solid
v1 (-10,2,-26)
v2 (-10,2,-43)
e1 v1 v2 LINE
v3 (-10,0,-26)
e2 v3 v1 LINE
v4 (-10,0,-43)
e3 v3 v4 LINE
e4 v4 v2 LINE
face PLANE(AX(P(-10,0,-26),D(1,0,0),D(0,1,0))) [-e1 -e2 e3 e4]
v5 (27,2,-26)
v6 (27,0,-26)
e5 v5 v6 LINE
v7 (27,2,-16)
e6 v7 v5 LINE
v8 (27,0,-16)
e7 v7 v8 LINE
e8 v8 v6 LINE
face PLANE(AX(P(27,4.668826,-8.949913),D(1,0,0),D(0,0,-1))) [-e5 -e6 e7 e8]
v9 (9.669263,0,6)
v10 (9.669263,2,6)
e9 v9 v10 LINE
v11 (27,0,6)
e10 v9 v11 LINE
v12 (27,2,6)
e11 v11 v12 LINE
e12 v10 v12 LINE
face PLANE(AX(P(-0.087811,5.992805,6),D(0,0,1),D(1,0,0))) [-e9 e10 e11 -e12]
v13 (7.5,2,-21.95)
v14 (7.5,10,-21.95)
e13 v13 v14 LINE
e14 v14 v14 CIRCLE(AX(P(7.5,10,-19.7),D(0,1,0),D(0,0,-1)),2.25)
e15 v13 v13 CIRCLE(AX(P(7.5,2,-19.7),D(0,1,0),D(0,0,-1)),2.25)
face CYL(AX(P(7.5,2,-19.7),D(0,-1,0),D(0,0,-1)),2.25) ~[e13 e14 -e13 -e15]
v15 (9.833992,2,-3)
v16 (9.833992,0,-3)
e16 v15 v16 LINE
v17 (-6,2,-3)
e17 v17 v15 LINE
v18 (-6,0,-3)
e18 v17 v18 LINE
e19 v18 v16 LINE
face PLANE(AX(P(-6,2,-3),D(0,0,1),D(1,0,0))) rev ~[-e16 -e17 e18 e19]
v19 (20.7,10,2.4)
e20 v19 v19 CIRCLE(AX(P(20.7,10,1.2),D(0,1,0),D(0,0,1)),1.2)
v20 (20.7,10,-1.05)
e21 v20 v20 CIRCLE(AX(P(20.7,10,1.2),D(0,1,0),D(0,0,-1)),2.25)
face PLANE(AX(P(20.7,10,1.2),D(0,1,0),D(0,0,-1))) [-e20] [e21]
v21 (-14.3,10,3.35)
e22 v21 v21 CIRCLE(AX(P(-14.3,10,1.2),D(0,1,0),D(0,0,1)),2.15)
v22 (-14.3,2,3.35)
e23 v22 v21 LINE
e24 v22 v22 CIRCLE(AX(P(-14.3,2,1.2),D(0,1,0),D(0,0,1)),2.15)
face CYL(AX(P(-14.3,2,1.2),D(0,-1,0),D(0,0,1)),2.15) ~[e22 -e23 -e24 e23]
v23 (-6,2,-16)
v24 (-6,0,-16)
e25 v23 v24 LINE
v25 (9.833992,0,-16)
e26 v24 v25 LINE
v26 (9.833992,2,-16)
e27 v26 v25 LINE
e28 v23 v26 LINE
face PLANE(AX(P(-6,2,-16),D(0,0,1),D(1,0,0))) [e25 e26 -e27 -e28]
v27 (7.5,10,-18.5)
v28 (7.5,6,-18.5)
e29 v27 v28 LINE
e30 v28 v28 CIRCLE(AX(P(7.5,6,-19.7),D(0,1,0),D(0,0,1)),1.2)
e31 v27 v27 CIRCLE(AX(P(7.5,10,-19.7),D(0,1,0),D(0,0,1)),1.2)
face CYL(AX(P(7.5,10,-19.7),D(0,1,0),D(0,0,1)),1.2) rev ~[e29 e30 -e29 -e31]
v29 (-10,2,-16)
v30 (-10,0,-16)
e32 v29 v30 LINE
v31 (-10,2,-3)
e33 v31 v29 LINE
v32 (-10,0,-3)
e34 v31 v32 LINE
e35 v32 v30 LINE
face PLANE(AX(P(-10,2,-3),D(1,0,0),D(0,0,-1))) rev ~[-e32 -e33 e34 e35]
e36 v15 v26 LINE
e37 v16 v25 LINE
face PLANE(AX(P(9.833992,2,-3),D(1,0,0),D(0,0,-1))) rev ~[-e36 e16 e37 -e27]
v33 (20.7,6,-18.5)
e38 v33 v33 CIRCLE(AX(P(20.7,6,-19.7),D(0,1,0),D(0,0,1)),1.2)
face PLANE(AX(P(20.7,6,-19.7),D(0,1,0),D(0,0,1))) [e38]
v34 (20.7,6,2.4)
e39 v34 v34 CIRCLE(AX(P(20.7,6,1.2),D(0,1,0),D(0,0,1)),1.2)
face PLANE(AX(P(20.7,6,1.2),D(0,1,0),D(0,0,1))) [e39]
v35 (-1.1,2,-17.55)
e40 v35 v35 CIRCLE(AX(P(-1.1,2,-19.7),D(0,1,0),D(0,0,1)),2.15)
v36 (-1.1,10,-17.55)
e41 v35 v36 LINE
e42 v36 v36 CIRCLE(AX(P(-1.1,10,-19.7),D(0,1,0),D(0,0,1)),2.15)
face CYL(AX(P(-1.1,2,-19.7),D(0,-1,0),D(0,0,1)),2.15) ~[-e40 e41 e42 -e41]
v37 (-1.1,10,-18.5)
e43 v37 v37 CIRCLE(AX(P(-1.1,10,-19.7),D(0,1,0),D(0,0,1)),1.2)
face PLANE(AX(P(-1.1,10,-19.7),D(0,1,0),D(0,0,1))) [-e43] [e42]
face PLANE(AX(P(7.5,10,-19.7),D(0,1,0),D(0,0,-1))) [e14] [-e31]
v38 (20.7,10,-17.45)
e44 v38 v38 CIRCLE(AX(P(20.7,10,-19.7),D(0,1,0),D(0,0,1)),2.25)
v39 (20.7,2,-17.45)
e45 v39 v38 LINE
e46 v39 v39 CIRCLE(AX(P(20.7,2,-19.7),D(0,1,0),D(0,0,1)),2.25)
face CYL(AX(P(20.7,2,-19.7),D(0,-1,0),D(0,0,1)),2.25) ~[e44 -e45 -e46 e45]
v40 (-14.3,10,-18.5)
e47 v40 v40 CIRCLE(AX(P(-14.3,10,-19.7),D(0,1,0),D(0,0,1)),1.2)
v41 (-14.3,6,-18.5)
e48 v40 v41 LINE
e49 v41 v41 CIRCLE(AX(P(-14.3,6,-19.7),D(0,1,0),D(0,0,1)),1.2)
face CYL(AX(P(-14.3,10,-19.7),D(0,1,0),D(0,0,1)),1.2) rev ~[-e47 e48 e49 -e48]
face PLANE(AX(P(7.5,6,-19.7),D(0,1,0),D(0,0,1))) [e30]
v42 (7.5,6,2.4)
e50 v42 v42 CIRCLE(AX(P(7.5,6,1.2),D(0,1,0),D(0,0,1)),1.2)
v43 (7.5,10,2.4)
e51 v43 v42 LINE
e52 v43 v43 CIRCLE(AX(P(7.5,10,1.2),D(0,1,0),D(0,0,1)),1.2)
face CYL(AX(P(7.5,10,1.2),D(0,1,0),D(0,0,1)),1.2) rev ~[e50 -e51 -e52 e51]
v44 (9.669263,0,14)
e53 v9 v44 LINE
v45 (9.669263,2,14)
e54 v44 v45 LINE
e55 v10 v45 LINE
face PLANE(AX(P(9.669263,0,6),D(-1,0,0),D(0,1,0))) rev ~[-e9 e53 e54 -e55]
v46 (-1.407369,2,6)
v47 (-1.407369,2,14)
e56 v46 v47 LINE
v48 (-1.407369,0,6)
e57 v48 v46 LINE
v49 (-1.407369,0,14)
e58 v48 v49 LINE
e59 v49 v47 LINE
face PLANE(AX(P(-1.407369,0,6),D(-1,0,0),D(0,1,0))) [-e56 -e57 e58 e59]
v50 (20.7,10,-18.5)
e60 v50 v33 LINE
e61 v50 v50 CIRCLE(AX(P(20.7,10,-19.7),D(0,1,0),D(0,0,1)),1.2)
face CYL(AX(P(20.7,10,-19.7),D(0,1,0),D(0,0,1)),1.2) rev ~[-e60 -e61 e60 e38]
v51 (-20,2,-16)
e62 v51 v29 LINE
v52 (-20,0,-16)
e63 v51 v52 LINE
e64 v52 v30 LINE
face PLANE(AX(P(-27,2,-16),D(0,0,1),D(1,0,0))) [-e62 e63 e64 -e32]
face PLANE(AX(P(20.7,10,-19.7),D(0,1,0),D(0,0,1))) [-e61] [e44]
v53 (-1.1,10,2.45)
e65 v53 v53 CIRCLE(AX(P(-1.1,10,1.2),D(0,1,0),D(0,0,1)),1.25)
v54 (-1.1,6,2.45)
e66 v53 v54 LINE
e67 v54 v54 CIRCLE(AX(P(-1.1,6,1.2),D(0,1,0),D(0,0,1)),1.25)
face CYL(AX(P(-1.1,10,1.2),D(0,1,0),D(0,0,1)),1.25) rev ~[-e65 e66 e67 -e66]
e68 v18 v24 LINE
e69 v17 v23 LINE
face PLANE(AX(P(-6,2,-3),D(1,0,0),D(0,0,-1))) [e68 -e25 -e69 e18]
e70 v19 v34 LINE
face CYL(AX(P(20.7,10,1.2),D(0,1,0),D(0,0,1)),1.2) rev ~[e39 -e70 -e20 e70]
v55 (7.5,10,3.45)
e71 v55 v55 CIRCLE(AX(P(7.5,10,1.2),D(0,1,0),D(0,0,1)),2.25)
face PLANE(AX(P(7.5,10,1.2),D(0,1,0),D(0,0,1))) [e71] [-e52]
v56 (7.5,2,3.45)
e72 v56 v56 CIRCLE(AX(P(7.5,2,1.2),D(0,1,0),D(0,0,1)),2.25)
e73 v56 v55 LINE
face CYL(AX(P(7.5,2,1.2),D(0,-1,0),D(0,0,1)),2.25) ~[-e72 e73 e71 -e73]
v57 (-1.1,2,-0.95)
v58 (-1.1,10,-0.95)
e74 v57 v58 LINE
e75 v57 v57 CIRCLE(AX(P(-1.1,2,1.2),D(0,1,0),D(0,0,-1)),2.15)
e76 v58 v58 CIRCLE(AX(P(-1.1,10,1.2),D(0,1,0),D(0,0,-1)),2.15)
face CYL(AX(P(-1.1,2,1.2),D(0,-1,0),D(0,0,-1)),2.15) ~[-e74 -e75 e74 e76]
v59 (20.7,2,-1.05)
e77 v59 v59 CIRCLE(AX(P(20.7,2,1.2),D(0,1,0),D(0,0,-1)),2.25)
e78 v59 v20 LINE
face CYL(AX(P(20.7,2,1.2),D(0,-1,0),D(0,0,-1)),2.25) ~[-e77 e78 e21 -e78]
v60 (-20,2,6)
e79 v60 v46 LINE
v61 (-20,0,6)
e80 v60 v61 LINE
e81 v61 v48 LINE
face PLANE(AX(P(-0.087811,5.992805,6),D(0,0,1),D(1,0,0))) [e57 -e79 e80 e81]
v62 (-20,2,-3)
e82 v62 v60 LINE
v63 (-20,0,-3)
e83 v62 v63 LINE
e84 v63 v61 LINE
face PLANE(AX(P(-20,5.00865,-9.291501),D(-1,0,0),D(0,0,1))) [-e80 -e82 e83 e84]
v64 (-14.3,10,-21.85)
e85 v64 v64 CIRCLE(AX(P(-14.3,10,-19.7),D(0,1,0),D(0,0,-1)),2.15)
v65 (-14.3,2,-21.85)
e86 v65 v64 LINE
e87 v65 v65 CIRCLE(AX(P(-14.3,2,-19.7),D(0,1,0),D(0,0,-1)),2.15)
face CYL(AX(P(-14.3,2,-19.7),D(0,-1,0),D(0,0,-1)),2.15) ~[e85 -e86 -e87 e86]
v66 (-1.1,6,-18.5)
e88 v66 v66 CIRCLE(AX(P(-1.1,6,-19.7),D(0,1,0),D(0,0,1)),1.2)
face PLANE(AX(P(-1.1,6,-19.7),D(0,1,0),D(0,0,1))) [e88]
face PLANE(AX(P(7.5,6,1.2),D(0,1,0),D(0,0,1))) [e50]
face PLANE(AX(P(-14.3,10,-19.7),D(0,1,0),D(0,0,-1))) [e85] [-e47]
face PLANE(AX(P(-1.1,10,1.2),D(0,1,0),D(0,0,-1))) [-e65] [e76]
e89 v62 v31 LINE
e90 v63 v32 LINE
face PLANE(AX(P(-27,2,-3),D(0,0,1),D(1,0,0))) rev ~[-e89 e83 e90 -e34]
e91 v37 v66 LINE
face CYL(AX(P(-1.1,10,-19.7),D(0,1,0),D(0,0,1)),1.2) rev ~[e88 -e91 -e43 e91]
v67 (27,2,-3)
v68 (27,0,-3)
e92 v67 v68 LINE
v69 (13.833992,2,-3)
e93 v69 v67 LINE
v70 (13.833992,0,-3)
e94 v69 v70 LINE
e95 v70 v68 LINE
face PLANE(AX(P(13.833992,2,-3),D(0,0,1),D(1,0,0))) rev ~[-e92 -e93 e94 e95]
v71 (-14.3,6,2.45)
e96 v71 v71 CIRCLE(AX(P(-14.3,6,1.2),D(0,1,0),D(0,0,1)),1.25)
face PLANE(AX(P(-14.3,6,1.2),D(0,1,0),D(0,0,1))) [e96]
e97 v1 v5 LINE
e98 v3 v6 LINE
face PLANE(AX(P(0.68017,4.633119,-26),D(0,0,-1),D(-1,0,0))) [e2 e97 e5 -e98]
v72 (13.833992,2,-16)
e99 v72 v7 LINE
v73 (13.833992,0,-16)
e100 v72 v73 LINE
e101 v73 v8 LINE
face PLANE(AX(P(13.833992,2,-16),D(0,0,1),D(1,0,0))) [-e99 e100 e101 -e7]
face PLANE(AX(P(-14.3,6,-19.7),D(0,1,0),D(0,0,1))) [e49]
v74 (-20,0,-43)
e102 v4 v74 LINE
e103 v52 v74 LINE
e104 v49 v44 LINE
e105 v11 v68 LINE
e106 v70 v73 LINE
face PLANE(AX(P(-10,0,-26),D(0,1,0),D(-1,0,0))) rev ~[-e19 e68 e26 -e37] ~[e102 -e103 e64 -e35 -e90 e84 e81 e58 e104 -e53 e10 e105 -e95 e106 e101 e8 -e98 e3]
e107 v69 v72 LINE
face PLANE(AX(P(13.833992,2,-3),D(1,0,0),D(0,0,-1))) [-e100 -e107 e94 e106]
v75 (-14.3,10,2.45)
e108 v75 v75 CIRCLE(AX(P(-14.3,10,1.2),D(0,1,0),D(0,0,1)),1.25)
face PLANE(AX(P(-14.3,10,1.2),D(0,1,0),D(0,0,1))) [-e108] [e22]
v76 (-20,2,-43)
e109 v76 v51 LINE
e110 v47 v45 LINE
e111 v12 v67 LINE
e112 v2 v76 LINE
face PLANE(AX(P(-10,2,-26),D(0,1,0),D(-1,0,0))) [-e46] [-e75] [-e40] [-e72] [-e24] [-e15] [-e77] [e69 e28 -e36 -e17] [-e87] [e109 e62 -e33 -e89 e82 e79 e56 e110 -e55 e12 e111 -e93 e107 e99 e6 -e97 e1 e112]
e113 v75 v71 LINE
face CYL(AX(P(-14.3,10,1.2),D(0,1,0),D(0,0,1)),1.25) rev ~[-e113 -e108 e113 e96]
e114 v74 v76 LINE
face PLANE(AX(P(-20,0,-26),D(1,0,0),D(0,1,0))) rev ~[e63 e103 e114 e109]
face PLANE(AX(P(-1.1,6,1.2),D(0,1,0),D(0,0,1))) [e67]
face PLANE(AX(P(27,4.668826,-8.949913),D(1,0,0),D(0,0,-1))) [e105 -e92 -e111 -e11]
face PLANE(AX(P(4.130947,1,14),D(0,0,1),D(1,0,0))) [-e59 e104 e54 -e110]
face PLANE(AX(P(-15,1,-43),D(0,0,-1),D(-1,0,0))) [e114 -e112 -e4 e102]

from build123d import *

# Parameters (mm, degrees)
SKETCH1_W               = 60
SKETCH1_H               = 72
BOTTOM_DEPTH            = 2
SKETCH2_R               = 2.25
PIN_LOCS_DEPTH          = 4
SKETCH5_R               = 1.25
PIN_HOLES_DEPTH         = 4
SKETCH3_R               = 2.25
SKETCH3_R_2             = 2.15
SENSOR_PINS_DEPTH       = 8
SKETCH6_R               = 1.25
SKETCH6_R_2             = 1.2
PIN_HOLES_SENSORS_DEPTH = 4
SKETCH4_W               = 8
SKETCH4_H               = 10
POWER_CABLE_DEPTH       = 2
SKETCH7_W               = 16.5
SKETCH7_H               = 25
SKETCH7_W_2             = 17
SKETCH7_H_2             = 13
SKETCH7_W_3             = 15.833991833
SKETCH7_W_4             = 13.166008167
SKETCH7_W_5             = 15.5
CUT_EXTRUDE1_DEPTH      = 2
SKETCH8_W               = 64.981954188
SKETCH8_H               = 18.550894708
CUT_EXTRUDE2_DEPTH      = 30
SKETCH9_W               = 66.656683173
SKETCH9_H               = 21.371664799
CUT_EXTRUDE3_DEPTH      = 10
SKETCH10_W              = 36.941564119
SKETCH10_H              = 17.072061012
CUT_EXTRUDE4_DEPTH      = 10
SKETCH12_W              = 38.10862574
SKETCH12_H              = 18.099687976
CUT_EXTRUDE5_DEPTH      = 3
SKETCH13_W              = 10
SKETCH13_H              = 2
BOSS_EXTRUDE1_DEPTH     = 17
SKETCH14_W              = 11.076631965
SKETCH14_H              = 2
BOSS_EXTRUDE2_DEPTH     = 8


with BuildPart() as part:
    # Sketch1 → Bottom (new body)
    with BuildSketch(Plane(origin=(0, 0, 0), x_dir=(1, 0, 0), z_dir=(0, 1, 0))):
        Rectangle(SKETCH1_W, SKETCH1_H)
    extrude(amount=BOTTOM_DEPTH)

    # Sketch2 → Pin Locs (add)
    with BuildSketch(Plane(origin=(0, 2, 0), x_dir=(1, 0, 0), z_dir=(0, 1, 0))):
        with Locations(Location((25.7, -13.1, 0), (0, 0, 90))):
            Circle(SKETCH2_R)
        with Locations(Location((-20.7, -13.1, 0), (0, 0, 270))):
            Circle(SKETCH2_R)
        with Locations(Location((25.7, -31.5, 0), (0, 0, 270))):
            Circle(SKETCH2_R)
        with Locations(Location((-20.7, -31.5, 0), (0, 0, 90))):
            Circle(SKETCH2_R)
    extrude(amount=PIN_LOCS_DEPTH)

    # Sketch5 → Pin Holes (cut)
    with BuildSketch(Plane(origin=(0, 6, 0), x_dir=(1, 0, 0), z_dir=(0, 1, 0))):
        with Locations(Location((-20.7, -31.5, 0), (0, 0, 270))):
            Circle(SKETCH5_R)
        with Locations(Location((-20.7, -13.1, 0), (0, 0, 270))):
            Circle(SKETCH5_R)
        with Locations(Location((25.7, -13.1, 0), (0, 0, 270))):
            Circle(SKETCH5_R)
        with Locations(Location((25.7, -31.5, 0), (0, 0, 270))):
            Circle(SKETCH5_R)
    extrude(amount=-PIN_HOLES_DEPTH, mode=Mode.SUBTRACT)

    # Sketch3 → Sensor Pins (add)
    with BuildSketch(Plane(origin=(0, 2, 0), x_dir=(1, 0, 0), z_dir=(0, 1, 0))):
        with Locations(Location((20.7, 19.7, 0), (0, 0, 270))):
            Circle(SKETCH3_R)
        with Locations(Location((20.7, -1.2, 0), (0, 0, 90))):
            Circle(SKETCH3_R)
        with Locations(Location((7.5, -1.2, 0), (0, 0, 270))):
            Circle(SKETCH3_R)
        with Locations(Location((7.5, 19.7, 0), (0, 0, 90))):
            Circle(SKETCH3_R)
        with Locations(Location((-1.1, 19.7, 0), (0, 0, 270))):
            Circle(SKETCH3_R_2)
        with Locations(Location((-1.1, -1.2, 0), (0, 0, 90))):
            Circle(SKETCH3_R_2)
        with Locations(Location((-14.3, -1.2, 0), (0, 0, 270))):
            Circle(SKETCH3_R_2)
        with Locations(Location((-14.3, 19.7, 0), (0, 0, 90))):
            Circle(SKETCH3_R_2)
    extrude(amount=SENSOR_PINS_DEPTH)

    # Sketch6 → Pin Holes Sensors (cut)
    with BuildSketch(Plane(origin=(0, 10, 0), x_dir=(1, 0, 0), z_dir=(0, 1, 0))):
        with Locations(Location((-14.3, -1.2, 0), (0, 0, 270))):
            Circle(SKETCH6_R)
        with Locations(Location((-1.1, -1.2, 0), (0, 0, 270))):
            Circle(SKETCH6_R)
        with Locations(Location((-1.1, 19.7, 0), (0, 0, 270))):
            Circle(SKETCH6_R_2)
        with Locations(Location((-14.3, 19.7, 0), (0, 0, 270))):
            Circle(SKETCH6_R_2)
        with Locations(Location((20.7, -1.2, 0), (0, 0, 270))):
            Circle(SKETCH6_R_2)
        with Locations(Location((20.7, 19.7, 0), (0, 0, 270))):
            Circle(SKETCH6_R_2)
        with Locations(Location((7.5, 19.7, 0), (0, 0, 270))):
            Circle(SKETCH6_R_2)
        with Locations(Location((7.5, -1.2, 0), (0, 0, 270))):
            Circle(SKETCH6_R_2)
    extrude(amount=-PIN_HOLES_SENSORS_DEPTH, mode=Mode.SUBTRACT)

    # Sketch4 → Power Cable (cut)
    with BuildSketch(Plane(origin=(0, 2, 0), x_dir=(1, 0, 0), z_dir=(0, 1, 0))):
        with Locations((26, 31)):
            Rectangle(SKETCH4_W, SKETCH4_H)
    extrude(amount=-POWER_CABLE_DEPTH, mode=Mode.SUBTRACT)

    # Sketch7 → Cut-Extrude1 (cut)
    with BuildSketch(Plane(origin=(0, 2, 0), x_dir=(1, 0, 0), z_dir=(0, 1, 0))):
        with Locations((-7.75, -20.5)):
            Rectangle(SKETCH7_W, SKETCH7_H)
        with Locations((-18.5, 9.5)):
            Rectangle(SKETCH7_W_2, SKETCH7_H_2)
        with Locations((1.916995917, 9.5)):
            Rectangle(SKETCH7_W_3, SKETCH7_H_2)
        with Locations((20.416995916, 9.5)):
            Rectangle(SKETCH7_W_4, SKETCH7_H_2)
        with Locations((12.25, -20.5)):
            Rectangle(SKETCH7_W_5, SKETCH7_H)
    extrude(amount=-CUT_EXTRUDE1_DEPTH, mode=Mode.SUBTRACT)

    # Sketch8 → Cut-Extrude2 (cut)
    with BuildSketch(Plane.XY.offset(36)):
        with Locations((-0.087810816, 5.992805319)):
            Rectangle(SKETCH8_W, SKETCH8_H)
    extrude(amount=-CUT_EXTRUDE2_DEPTH, mode=Mode.SUBTRACT)

    # Sketch9 → Cut-Extrude3 (cut)
    with BuildSketch(Plane(origin=(0, 0, -36), x_dir=(-1, 0, 0), z_dir=(0, 0, -1))):
        with Locations((-0.680170236, 4.633119296)):
            Rectangle(SKETCH9_W, SKETCH9_H)
    extrude(amount=-CUT_EXTRUDE3_DEPTH, mode=Mode.SUBTRACT)

    # Sketch10 → Cut-Extrude4 (cut)
    with BuildSketch(Plane.ZY.offset(30)):
        with Locations((-9.291501149, 5.008650235)):
            Rectangle(SKETCH10_W, SKETCH10_H)
    extrude(amount=-CUT_EXTRUDE4_DEPTH, mode=Mode.SUBTRACT)

    # Sketch12 → Cut-Extrude5 (cut)
    with BuildSketch(Plane(origin=(30, 0, 0), x_dir=(0, 0, -1), z_dir=(1, 0, 0))):
        with Locations((8.949912617, 4.668826375)):
            Rectangle(SKETCH12_W, SKETCH12_H)
    extrude(amount=-CUT_EXTRUDE5_DEPTH, mode=Mode.SUBTRACT)

    # Sketch13 → Boss-Extrude1 (add)
    with BuildSketch(Plane(origin=(0, 0, -26), x_dir=(-1, 0, 0), z_dir=(0, 0, -1))):
        with Locations((15, 1)):
            Rectangle(SKETCH13_W, SKETCH13_H)
    extrude(amount=BOSS_EXTRUDE1_DEPTH)

    # Sketch14 → Boss-Extrude2 (add)
    with BuildSketch(Plane.XY.offset(6)):
        with Locations((4.13094739, 1)):
            Rectangle(SKETCH14_W, SKETCH14_H)
    extrude(amount=BOSS_EXTRUDE2_DEPTH)


solid = part.part
